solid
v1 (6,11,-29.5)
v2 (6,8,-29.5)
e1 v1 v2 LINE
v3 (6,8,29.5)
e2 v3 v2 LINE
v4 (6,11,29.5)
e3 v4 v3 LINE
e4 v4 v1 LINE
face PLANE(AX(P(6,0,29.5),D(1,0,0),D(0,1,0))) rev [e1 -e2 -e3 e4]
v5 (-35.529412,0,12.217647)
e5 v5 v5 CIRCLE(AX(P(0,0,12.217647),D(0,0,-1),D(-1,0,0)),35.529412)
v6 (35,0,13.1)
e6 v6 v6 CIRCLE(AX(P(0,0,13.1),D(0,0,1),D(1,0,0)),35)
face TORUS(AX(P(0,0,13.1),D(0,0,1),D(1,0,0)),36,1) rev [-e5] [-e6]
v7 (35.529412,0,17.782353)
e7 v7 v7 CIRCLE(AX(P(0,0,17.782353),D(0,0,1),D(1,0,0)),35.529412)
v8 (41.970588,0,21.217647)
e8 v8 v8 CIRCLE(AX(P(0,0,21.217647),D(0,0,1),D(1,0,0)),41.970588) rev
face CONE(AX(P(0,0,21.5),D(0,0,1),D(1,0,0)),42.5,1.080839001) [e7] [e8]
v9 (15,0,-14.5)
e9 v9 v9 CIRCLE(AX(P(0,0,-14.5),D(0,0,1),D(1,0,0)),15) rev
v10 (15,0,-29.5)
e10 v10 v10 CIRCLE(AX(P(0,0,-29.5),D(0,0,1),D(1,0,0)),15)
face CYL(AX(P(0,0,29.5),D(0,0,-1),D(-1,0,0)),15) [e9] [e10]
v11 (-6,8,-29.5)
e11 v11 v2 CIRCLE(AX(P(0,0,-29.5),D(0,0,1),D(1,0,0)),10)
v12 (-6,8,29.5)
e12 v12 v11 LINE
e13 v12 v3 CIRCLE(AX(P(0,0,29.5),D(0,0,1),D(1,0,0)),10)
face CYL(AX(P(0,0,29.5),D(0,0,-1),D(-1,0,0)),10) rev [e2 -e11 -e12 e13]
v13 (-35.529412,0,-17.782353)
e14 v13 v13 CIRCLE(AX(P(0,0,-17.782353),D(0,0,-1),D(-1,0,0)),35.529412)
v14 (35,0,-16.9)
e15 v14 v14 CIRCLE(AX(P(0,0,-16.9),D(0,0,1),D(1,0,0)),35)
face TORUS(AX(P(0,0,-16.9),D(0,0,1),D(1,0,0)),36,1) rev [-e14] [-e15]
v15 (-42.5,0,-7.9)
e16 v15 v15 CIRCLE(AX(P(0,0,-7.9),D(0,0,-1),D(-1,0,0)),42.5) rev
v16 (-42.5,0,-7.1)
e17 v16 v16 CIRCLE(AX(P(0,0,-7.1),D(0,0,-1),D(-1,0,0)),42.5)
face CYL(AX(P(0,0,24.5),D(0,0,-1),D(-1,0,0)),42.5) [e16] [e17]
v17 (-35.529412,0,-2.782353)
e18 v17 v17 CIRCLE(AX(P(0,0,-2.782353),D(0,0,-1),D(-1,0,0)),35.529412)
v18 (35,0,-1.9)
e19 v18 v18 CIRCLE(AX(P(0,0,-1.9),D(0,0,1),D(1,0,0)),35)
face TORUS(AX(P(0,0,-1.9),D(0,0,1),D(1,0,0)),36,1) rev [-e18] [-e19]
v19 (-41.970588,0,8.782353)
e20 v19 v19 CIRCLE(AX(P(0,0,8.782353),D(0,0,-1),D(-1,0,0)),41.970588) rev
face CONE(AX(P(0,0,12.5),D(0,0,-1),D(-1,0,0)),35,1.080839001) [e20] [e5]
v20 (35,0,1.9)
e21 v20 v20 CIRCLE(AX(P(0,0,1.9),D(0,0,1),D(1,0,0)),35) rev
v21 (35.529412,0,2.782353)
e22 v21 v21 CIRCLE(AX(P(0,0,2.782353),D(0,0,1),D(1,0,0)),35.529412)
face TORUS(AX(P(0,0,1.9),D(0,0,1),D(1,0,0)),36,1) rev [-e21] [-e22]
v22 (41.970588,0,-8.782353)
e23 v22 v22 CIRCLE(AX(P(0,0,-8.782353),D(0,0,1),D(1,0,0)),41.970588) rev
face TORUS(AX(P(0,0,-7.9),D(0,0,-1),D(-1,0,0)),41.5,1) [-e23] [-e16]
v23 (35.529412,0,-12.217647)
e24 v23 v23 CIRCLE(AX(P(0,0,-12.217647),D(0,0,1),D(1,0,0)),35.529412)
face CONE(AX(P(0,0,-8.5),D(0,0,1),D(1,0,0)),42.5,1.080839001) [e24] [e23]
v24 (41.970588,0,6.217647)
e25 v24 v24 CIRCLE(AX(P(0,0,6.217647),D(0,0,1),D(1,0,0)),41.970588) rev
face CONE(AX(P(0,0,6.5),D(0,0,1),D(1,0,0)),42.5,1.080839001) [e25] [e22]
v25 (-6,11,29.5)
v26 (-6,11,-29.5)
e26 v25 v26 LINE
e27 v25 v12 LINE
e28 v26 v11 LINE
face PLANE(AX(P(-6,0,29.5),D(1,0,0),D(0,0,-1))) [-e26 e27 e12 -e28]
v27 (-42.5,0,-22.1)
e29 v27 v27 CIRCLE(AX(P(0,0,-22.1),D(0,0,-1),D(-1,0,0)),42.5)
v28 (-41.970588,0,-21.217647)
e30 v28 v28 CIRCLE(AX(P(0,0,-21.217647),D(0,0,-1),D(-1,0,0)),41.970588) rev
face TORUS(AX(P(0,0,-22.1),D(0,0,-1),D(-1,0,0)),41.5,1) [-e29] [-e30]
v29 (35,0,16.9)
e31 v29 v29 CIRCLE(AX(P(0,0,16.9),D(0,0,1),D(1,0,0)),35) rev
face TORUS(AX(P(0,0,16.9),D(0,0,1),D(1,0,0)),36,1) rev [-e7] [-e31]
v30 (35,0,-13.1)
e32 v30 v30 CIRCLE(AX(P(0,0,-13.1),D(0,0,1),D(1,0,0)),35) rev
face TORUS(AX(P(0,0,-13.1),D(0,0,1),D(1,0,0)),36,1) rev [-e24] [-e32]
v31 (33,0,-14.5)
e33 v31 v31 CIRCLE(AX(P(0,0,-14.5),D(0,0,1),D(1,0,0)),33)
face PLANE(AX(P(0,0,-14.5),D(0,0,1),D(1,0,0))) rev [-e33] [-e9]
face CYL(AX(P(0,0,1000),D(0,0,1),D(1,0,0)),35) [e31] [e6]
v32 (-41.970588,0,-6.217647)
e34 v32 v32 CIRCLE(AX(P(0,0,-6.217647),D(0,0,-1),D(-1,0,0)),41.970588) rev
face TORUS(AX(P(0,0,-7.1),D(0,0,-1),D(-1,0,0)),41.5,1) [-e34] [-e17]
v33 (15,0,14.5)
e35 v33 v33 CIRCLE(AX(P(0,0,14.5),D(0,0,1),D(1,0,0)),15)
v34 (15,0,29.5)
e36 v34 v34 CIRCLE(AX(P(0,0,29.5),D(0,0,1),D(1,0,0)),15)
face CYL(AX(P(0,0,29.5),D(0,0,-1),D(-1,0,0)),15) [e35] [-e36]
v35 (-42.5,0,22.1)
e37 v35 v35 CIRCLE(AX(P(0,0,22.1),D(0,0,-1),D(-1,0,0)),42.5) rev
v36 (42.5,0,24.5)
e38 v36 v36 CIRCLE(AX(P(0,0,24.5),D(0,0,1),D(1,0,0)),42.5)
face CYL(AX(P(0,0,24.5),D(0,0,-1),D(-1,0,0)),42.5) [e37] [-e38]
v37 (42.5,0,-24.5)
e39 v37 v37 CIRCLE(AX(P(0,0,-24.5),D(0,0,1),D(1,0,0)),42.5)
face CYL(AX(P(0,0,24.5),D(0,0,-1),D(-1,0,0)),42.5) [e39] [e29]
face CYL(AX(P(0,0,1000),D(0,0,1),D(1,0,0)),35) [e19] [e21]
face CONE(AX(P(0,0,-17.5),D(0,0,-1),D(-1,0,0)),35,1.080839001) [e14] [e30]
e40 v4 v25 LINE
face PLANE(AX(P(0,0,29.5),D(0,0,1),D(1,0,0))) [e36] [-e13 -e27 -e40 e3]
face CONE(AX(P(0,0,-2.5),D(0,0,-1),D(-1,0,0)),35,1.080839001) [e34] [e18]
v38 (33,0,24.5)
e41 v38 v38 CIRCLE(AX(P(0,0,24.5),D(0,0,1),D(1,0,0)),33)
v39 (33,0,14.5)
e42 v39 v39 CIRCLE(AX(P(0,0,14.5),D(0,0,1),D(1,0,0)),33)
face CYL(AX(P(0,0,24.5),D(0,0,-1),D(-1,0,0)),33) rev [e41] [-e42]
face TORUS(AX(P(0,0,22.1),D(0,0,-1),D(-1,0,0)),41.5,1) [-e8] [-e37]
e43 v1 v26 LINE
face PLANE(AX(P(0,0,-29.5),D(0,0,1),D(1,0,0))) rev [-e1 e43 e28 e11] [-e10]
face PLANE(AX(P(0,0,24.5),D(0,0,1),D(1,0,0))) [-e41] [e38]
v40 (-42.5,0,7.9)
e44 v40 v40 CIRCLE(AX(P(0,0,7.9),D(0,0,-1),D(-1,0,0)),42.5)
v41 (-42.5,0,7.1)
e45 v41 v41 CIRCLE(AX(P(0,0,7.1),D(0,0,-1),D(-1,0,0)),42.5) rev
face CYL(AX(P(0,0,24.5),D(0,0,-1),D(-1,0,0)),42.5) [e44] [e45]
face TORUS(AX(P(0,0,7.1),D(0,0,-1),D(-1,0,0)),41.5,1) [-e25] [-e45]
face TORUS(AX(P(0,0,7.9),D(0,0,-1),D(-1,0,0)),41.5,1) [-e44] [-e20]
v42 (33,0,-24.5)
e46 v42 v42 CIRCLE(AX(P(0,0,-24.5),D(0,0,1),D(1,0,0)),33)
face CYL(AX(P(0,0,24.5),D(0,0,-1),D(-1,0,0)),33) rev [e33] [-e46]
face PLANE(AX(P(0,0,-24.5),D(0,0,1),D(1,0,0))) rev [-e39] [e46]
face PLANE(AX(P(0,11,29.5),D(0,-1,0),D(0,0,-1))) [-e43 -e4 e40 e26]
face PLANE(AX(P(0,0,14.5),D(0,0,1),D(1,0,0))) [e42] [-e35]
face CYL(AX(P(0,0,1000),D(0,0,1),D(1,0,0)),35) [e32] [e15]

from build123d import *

# Parameters (mm, degrees)
ESBO_O1_R                = 42.5
ESBO_O1_R_2              = 33
RESSALTO_EXTRUS_O1_DEPTH = 24.5
ESBO_O1_3_R              = 15
RESSALTO_EXTRUS_O2_DEPTH = 29.5
ESBO_O1_4_R              = 33
ESBO_O1_4_R_2            = 15
RESSALTO_EXTRUS_O3_DEPTH = 14.5
FILETE1_R                = 1


with BuildPart() as part:
    # Esboço1 → Ressalto-extrusão1 (new, symmetric)
    with BuildSketch(Plane.XY):
        Circle(ESBO_O1_R)
        Circle(ESBO_O1_R_2, mode=Mode.SUBTRACT)
    extrude(amount=RESSALTO_EXTRUS_O1_DEPTH, both=True)



with BuildPart() as body_2:
    # Esboço1<3> → Ressalto-extrusão2 (new, symmetric)
    with BuildSketch(Plane.XY):
        Circle(ESBO_O1_3_R)
        with BuildLine():
            Line((-6, 11), (6, 11))
            Line((6, 11), (6, 8))
            ThreePointArc((6, 8), (0, -10), (-6, 8))
            Line((-6, 8), (-6, 11))
        make_face(mode=Mode.SUBTRACT)
    extrude(amount=RESSALTO_EXTRUS_O2_DEPTH, both=True)


with BuildPart() as part_1:
    add(part.part)

    add(body_2.part)  # Ressalto-extrusão3 merges body 2
    # Esboço1<4> → Ressalto-extrusão3 (add, symmetric)
    with BuildSketch(Plane.XY):
        Circle(ESBO_O1_4_R)
        Circle(ESBO_O1_4_R_2, mode=Mode.SUBTRACT)
    extrude(amount=RESSALTO_EXTRUS_O3_DEPTH, both=True)

    # Esboço2 → Corte-Revolução1 (revolve, cut)
    with BuildSketch(Plane(origin=(0, 0, 0), x_dir=(0, 0, -1), z_dir=(1, 0, 0))):
        Polygon((-8.5, 42.5), (-21.5, 42.5), (-17.5, 35), (-12.5, 35), align=None)
        Polygon((6.5, 42.5), (-6.5, 42.5), (-2.5, 35), (2.5, 35), align=None)
        Polygon((21.5, 42.5), (8.5, 42.5), (12.5, 35), (17.5, 35), align=None)
    revolve(axis=Axis((0, 0, 1000), (0, 0, -1)), mode=Mode.SUBTRACT)

    # Filete1
    filete1_edges = [part_1.edges().sort_by_distance(p)[0] for p in [
        (30.0520382, 30.0520382, -21.5),
        (0, -35, -17.5),
        (0, -35, -12.5),
        (-30.0520382, -30.0520382, -8.5),
        (30.0520382, 30.0520382, -6.5),
        (0, -35, -2.5),
        (0, -35, 2.5),
        (-30.0520382, -30.0520382, 6.5),
        (30.0520382, 30.0520382, 8.5),
        (-30.0520382, -30.0520382, 21.5),
        (0, -35, 12.5),
        (0, -35, 17.5),
    ]]
    fillet(filete1_edges, radius=FILETE1_R)


solid = part_1.part
